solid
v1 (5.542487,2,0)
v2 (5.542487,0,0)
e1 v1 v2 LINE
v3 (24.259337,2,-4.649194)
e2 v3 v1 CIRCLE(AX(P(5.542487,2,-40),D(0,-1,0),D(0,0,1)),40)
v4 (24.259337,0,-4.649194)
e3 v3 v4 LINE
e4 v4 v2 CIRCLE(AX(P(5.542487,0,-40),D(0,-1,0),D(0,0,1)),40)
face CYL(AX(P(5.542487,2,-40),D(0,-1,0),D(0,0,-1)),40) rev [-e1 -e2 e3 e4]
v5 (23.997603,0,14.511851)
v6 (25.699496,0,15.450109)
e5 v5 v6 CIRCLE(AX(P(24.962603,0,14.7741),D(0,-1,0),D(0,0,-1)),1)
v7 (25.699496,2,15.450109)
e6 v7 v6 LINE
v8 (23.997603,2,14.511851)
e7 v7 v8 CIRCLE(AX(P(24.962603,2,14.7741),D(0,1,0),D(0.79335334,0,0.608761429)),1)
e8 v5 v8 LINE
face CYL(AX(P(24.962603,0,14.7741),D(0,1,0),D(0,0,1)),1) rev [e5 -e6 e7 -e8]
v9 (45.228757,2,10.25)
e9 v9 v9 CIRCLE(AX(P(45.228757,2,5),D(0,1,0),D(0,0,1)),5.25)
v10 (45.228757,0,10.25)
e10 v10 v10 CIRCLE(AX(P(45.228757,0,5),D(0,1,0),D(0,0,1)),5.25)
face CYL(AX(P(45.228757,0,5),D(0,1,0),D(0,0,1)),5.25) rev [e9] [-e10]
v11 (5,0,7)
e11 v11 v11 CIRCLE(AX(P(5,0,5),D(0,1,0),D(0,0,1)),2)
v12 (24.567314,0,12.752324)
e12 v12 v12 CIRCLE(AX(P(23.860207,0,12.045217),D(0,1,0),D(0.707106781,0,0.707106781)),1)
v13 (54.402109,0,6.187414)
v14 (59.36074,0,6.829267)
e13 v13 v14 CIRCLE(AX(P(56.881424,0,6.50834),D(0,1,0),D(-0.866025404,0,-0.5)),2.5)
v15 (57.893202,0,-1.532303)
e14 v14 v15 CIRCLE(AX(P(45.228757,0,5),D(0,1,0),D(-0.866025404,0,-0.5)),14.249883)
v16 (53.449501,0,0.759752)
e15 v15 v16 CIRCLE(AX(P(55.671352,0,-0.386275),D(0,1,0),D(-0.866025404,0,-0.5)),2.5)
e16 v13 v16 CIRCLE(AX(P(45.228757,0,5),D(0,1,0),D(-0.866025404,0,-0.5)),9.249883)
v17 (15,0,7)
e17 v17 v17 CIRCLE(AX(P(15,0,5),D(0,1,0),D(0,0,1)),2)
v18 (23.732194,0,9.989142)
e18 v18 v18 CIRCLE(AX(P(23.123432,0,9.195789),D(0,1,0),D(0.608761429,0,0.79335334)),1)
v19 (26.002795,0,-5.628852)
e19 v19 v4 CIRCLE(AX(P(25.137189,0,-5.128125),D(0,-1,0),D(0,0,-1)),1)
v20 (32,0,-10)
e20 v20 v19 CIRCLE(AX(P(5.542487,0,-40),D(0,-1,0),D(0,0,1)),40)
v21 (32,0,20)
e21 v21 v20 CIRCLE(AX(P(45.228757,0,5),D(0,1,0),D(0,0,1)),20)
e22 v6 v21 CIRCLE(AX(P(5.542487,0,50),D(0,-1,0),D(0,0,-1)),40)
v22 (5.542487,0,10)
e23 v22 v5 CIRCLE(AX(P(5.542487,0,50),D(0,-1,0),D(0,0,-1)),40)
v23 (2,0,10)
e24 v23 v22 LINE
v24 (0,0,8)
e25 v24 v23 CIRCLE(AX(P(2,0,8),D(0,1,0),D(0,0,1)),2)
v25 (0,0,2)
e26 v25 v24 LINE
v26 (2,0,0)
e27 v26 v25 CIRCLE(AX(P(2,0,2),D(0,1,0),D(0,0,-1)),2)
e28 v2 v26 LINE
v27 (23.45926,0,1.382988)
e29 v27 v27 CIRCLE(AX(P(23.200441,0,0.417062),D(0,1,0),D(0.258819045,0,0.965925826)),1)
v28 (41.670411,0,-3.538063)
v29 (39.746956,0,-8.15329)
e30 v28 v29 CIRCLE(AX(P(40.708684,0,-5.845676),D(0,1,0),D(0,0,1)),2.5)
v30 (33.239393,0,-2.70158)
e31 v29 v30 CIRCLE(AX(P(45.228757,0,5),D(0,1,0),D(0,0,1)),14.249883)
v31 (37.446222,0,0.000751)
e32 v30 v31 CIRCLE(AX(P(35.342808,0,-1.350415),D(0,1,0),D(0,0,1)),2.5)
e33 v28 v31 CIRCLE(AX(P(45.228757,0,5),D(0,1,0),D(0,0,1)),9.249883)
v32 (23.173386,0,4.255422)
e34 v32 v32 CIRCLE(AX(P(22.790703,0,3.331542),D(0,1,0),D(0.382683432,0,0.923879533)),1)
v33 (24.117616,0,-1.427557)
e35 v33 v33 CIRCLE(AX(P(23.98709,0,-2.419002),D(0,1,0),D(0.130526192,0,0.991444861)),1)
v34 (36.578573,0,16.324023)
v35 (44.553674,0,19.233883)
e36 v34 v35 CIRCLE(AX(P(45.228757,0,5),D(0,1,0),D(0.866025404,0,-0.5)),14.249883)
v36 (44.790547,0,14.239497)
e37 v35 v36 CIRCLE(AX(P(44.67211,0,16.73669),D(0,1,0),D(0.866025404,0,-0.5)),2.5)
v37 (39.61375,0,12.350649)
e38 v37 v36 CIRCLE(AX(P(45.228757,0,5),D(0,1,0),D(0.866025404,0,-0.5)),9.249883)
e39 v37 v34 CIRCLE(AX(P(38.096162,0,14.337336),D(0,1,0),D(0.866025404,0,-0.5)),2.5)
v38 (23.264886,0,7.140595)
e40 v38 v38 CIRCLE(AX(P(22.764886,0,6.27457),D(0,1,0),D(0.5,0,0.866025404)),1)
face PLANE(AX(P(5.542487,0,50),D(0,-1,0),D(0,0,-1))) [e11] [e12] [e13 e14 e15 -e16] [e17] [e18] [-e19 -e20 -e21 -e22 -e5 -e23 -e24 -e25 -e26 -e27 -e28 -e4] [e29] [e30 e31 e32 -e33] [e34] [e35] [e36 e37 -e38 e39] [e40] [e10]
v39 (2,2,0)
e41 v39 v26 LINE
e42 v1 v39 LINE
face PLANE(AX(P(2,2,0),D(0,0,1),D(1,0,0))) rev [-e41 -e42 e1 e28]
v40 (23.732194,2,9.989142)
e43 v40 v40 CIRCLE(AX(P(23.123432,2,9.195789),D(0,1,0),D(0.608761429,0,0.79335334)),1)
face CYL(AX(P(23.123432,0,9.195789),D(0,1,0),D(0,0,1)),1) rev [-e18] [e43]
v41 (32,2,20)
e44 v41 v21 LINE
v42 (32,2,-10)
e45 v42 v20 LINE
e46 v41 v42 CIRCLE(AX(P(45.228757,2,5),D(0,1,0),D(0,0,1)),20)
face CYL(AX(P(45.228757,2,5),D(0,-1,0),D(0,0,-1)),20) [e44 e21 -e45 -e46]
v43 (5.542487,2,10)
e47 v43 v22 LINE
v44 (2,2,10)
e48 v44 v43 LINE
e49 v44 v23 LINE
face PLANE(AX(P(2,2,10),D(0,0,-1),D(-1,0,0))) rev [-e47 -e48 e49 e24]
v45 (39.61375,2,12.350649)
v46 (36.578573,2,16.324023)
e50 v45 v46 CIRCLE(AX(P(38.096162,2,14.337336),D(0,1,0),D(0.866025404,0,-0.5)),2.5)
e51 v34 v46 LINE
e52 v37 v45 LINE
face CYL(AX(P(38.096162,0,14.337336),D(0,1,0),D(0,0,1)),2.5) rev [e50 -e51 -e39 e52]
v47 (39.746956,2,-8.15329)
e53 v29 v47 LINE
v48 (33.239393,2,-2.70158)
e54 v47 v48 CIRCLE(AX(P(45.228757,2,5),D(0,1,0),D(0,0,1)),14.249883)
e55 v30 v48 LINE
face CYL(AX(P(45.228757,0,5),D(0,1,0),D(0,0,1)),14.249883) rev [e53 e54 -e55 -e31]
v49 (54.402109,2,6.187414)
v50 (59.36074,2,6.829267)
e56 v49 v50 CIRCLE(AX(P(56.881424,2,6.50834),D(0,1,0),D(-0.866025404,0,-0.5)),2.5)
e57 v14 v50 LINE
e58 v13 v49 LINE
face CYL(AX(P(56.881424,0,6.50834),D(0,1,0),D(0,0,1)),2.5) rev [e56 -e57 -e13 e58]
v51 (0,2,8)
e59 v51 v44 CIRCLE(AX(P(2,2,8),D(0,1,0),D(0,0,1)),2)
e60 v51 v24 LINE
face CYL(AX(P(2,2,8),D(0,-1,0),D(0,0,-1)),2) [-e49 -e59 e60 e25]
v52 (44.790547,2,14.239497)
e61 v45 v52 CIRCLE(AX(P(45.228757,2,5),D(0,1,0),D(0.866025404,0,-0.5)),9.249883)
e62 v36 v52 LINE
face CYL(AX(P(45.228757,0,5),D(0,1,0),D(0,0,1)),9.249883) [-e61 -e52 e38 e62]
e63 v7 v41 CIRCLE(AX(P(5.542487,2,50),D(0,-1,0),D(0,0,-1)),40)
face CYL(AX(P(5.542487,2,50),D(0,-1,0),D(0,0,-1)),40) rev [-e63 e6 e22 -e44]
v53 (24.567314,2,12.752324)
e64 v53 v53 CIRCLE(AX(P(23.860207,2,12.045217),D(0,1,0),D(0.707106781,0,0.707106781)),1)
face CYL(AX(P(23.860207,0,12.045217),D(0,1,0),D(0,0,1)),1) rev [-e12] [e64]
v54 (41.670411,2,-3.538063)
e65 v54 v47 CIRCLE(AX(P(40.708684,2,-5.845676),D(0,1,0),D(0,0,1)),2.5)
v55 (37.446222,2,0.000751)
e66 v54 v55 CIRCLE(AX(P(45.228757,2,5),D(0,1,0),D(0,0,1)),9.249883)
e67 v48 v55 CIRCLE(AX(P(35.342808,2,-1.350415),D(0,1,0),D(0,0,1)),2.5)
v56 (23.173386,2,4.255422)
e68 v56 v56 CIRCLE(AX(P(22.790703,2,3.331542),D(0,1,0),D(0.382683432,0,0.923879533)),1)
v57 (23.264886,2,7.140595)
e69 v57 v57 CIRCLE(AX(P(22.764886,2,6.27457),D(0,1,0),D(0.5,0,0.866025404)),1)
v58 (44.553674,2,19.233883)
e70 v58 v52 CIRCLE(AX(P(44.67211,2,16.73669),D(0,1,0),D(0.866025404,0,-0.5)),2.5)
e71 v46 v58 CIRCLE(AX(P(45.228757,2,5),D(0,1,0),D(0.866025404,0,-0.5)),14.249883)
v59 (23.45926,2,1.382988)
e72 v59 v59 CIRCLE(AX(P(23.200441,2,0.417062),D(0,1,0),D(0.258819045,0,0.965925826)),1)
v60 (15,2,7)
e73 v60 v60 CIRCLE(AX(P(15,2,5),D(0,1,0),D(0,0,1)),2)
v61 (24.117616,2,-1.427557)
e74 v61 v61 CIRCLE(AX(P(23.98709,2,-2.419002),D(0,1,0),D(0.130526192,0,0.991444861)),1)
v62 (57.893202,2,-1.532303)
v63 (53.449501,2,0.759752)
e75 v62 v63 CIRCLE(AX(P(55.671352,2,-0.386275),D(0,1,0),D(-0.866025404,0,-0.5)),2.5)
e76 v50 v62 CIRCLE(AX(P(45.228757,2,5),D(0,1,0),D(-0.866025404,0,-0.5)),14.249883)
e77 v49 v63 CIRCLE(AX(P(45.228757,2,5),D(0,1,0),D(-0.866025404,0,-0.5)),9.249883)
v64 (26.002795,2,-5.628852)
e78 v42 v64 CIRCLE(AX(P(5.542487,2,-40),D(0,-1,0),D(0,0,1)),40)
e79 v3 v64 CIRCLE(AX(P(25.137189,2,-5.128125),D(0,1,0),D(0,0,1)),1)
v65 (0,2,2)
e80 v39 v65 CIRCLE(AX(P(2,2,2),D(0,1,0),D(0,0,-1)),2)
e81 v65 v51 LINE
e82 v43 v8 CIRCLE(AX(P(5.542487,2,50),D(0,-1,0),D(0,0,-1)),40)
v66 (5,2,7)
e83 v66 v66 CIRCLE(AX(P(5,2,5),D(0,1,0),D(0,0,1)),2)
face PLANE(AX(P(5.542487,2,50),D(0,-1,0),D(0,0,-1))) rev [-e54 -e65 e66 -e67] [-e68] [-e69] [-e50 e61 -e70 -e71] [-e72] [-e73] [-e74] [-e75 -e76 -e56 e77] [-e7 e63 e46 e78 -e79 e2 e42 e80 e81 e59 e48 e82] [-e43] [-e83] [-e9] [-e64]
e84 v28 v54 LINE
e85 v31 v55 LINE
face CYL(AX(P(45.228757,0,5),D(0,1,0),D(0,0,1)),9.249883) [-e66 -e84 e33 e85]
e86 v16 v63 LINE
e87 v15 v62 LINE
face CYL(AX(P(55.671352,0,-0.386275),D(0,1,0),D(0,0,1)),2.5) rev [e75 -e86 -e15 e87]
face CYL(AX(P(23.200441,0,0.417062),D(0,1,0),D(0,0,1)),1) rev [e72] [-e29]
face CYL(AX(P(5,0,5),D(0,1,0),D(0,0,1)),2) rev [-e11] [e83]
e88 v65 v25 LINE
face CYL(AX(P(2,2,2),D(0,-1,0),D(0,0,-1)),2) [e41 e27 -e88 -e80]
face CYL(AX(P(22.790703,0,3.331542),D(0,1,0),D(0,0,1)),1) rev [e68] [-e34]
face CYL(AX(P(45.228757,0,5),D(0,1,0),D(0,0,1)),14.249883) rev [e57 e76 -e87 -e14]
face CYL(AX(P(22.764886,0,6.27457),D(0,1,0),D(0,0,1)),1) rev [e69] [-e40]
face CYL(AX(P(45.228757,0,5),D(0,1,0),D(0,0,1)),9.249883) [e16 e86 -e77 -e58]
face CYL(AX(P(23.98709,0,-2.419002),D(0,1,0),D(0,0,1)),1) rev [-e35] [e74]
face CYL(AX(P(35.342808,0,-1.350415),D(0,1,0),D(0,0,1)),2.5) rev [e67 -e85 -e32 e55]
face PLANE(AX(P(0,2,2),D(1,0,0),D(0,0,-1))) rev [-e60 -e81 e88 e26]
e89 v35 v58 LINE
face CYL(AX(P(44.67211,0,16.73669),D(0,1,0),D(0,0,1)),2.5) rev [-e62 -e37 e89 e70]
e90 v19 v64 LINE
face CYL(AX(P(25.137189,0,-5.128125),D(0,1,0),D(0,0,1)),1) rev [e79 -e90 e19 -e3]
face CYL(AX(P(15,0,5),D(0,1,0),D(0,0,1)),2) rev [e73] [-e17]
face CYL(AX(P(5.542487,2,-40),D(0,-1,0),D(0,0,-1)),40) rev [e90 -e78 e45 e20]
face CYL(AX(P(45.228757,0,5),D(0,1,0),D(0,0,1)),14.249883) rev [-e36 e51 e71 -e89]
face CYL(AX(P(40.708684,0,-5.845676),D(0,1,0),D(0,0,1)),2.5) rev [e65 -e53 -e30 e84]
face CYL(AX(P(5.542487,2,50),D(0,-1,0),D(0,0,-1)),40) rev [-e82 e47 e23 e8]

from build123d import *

# Parameters (mm, degrees)
EXTRUDE_1_DEPTH          = 2
SKETCH_2_R               = 1
CUT_EXTRUDE_1_DEPTH      = 3
PATTERN_CIRCULAR_1_COUNT = 8
PATTERN_CIRCULAR_1_ANGLE = 52.5
SKETCH_3_R               = 2
CUT_EXTRUDE_2_DEPTH      = 3
PATTERN_LINEAR_1_COUNT   = 2
PATTERN_LINEAR_1_PITCH   = 10
CUT_EXTRUDE_4_DEPTH      = 3
PATTERN_CIRCULAR_3_COUNT = 3
SKETCH_7_R               = 5.25
CUT_EXTRUDE_5_DEPTH      = 3


with BuildPart() as part:
    # Эскиз1 → Бобышка-Вытянуть1 (new body)
    with BuildSketch(Plane(origin=(0, 0, 0), x_dir=(1, 0, 0), z_dir=(0, 1, 0))):
        with BuildLine():
            Line((0, -2), (0, -8))
            ThreePointArc((0, -8), (0.585786438, -9.414213562), (2, -10))
            Line((2, -10), (5.542486889, -10))
            ThreePointArc((5.542486889, -10), (19.684622513, -12.583426132), (32, -20))
            ThreePointArc((32, -20), (65.228756555, -5), (32, 10))
            ThreePointArc((32, 10), (19.684622513, 2.583426132), (5.542486889, 0))
            Line((5.542486889, 0), (2, 0))
            ThreePointArc((2, 0), (0.585786438, -0.585786438), (0, -2))
        make_face()
    extrude(amount=EXTRUDE_1_DEPTH)

    # Эскиз2 → Вырез-Вытянуть1 (cut, through all)
    with BuildSketch(Plane(origin=(0, 2, 0), x_dir=(1, 0, 0), z_dir=(0, 1, 0))):
        with Locations((25.137189268, 5.128125392)):
            Circle(SKETCH_2_R)
    cut_extrude_1 = extrude(amount=-CUT_EXTRUDE_1_DEPTH, mode=Mode.SUBTRACT)

    # Круговой массив1: Вырез-Вытянуть1 ×8 about axis
    pattern_circular_1_axis = Axis((45.228756555, 0, 5), (0, 1, 0))
    for i in range(1, PATTERN_CIRCULAR_1_COUNT):
        add(cut_extrude_1.rotate(pattern_circular_1_axis, i * PATTERN_CIRCULAR_1_ANGLE / (PATTERN_CIRCULAR_1_COUNT - 1)), mode=Mode.SUBTRACT)

    # Эскиз3 → Вырез-Вытянуть2 (cut, through all)
    with BuildSketch(Plane(origin=(0, 2, 0), x_dir=(1, 0, 0), z_dir=(0, 1, 0))):
        with Locations((5, -5)):
            Circle(SKETCH_3_R)
    cut_extrude_2 = extrude(amount=-CUT_EXTRUDE_2_DEPTH, mode=Mode.SUBTRACT)

    # Линейный массив1: Вырез-Вытянуть2 ×2
    with Locations(*[(i * PATTERN_LINEAR_1_PITCH, 0, 0) for i in range(1, PATTERN_LINEAR_1_COUNT)]):
        add(cut_extrude_2, mode=Mode.SUBTRACT)

    # Эскиз6 → Вырез-Вытянуть4 (cut, through all)
    with BuildSketch(Plane(origin=(0, 2, 0), x_dir=(1, 0, 0), z_dir=(0, 1, 0))):
        with BuildLine():
            ThreePointArc((37.446222009, -0.000750623), (39.288664725, 2.090532233), (41.67041088, 3.538062681))
            ThreePointArc((41.67041088, 3.538062681), (43.016297342, 6.807403537), (39.746956487, 8.153289999))
            ThreePointArc((39.746956487, 8.153289999), (36.077763715, 5.923300776), (33.239393437, 2.701580475))
            ThreePointArc((33.239393437, 2.701580475), (33.991642174, -0.75299936), (37.446222009, -0.000750623))
        make_face()
    cut_extrude_4 = extrude(amount=-CUT_EXTRUDE_4_DEPTH, mode=Mode.SUBTRACT)

    # Круговой массив3: Вырез-Вытянуть4 ×3 about axis
    pattern_circular_3_axis = Axis((45.228756555, 0, 5), (0, 1, 0))
    for i in range(1, PATTERN_CIRCULAR_3_COUNT):
        add(cut_extrude_4.rotate(pattern_circular_3_axis, i * 360 / PATTERN_CIRCULAR_3_COUNT), mode=Mode.SUBTRACT)

    # Эскиз7 → Вырез-Вытянуть5 (cut, through all)
    with BuildSketch(Plane(origin=(0, 2, 0), x_dir=(1, 0, 0), z_dir=(0, 1, 0))):
        with Locations((45.228756555, -5)):
            Circle(SKETCH_7_R)
    extrude(amount=-CUT_EXTRUDE_5_DEPTH, mode=Mode.SUBTRACT)


solid = part.part
